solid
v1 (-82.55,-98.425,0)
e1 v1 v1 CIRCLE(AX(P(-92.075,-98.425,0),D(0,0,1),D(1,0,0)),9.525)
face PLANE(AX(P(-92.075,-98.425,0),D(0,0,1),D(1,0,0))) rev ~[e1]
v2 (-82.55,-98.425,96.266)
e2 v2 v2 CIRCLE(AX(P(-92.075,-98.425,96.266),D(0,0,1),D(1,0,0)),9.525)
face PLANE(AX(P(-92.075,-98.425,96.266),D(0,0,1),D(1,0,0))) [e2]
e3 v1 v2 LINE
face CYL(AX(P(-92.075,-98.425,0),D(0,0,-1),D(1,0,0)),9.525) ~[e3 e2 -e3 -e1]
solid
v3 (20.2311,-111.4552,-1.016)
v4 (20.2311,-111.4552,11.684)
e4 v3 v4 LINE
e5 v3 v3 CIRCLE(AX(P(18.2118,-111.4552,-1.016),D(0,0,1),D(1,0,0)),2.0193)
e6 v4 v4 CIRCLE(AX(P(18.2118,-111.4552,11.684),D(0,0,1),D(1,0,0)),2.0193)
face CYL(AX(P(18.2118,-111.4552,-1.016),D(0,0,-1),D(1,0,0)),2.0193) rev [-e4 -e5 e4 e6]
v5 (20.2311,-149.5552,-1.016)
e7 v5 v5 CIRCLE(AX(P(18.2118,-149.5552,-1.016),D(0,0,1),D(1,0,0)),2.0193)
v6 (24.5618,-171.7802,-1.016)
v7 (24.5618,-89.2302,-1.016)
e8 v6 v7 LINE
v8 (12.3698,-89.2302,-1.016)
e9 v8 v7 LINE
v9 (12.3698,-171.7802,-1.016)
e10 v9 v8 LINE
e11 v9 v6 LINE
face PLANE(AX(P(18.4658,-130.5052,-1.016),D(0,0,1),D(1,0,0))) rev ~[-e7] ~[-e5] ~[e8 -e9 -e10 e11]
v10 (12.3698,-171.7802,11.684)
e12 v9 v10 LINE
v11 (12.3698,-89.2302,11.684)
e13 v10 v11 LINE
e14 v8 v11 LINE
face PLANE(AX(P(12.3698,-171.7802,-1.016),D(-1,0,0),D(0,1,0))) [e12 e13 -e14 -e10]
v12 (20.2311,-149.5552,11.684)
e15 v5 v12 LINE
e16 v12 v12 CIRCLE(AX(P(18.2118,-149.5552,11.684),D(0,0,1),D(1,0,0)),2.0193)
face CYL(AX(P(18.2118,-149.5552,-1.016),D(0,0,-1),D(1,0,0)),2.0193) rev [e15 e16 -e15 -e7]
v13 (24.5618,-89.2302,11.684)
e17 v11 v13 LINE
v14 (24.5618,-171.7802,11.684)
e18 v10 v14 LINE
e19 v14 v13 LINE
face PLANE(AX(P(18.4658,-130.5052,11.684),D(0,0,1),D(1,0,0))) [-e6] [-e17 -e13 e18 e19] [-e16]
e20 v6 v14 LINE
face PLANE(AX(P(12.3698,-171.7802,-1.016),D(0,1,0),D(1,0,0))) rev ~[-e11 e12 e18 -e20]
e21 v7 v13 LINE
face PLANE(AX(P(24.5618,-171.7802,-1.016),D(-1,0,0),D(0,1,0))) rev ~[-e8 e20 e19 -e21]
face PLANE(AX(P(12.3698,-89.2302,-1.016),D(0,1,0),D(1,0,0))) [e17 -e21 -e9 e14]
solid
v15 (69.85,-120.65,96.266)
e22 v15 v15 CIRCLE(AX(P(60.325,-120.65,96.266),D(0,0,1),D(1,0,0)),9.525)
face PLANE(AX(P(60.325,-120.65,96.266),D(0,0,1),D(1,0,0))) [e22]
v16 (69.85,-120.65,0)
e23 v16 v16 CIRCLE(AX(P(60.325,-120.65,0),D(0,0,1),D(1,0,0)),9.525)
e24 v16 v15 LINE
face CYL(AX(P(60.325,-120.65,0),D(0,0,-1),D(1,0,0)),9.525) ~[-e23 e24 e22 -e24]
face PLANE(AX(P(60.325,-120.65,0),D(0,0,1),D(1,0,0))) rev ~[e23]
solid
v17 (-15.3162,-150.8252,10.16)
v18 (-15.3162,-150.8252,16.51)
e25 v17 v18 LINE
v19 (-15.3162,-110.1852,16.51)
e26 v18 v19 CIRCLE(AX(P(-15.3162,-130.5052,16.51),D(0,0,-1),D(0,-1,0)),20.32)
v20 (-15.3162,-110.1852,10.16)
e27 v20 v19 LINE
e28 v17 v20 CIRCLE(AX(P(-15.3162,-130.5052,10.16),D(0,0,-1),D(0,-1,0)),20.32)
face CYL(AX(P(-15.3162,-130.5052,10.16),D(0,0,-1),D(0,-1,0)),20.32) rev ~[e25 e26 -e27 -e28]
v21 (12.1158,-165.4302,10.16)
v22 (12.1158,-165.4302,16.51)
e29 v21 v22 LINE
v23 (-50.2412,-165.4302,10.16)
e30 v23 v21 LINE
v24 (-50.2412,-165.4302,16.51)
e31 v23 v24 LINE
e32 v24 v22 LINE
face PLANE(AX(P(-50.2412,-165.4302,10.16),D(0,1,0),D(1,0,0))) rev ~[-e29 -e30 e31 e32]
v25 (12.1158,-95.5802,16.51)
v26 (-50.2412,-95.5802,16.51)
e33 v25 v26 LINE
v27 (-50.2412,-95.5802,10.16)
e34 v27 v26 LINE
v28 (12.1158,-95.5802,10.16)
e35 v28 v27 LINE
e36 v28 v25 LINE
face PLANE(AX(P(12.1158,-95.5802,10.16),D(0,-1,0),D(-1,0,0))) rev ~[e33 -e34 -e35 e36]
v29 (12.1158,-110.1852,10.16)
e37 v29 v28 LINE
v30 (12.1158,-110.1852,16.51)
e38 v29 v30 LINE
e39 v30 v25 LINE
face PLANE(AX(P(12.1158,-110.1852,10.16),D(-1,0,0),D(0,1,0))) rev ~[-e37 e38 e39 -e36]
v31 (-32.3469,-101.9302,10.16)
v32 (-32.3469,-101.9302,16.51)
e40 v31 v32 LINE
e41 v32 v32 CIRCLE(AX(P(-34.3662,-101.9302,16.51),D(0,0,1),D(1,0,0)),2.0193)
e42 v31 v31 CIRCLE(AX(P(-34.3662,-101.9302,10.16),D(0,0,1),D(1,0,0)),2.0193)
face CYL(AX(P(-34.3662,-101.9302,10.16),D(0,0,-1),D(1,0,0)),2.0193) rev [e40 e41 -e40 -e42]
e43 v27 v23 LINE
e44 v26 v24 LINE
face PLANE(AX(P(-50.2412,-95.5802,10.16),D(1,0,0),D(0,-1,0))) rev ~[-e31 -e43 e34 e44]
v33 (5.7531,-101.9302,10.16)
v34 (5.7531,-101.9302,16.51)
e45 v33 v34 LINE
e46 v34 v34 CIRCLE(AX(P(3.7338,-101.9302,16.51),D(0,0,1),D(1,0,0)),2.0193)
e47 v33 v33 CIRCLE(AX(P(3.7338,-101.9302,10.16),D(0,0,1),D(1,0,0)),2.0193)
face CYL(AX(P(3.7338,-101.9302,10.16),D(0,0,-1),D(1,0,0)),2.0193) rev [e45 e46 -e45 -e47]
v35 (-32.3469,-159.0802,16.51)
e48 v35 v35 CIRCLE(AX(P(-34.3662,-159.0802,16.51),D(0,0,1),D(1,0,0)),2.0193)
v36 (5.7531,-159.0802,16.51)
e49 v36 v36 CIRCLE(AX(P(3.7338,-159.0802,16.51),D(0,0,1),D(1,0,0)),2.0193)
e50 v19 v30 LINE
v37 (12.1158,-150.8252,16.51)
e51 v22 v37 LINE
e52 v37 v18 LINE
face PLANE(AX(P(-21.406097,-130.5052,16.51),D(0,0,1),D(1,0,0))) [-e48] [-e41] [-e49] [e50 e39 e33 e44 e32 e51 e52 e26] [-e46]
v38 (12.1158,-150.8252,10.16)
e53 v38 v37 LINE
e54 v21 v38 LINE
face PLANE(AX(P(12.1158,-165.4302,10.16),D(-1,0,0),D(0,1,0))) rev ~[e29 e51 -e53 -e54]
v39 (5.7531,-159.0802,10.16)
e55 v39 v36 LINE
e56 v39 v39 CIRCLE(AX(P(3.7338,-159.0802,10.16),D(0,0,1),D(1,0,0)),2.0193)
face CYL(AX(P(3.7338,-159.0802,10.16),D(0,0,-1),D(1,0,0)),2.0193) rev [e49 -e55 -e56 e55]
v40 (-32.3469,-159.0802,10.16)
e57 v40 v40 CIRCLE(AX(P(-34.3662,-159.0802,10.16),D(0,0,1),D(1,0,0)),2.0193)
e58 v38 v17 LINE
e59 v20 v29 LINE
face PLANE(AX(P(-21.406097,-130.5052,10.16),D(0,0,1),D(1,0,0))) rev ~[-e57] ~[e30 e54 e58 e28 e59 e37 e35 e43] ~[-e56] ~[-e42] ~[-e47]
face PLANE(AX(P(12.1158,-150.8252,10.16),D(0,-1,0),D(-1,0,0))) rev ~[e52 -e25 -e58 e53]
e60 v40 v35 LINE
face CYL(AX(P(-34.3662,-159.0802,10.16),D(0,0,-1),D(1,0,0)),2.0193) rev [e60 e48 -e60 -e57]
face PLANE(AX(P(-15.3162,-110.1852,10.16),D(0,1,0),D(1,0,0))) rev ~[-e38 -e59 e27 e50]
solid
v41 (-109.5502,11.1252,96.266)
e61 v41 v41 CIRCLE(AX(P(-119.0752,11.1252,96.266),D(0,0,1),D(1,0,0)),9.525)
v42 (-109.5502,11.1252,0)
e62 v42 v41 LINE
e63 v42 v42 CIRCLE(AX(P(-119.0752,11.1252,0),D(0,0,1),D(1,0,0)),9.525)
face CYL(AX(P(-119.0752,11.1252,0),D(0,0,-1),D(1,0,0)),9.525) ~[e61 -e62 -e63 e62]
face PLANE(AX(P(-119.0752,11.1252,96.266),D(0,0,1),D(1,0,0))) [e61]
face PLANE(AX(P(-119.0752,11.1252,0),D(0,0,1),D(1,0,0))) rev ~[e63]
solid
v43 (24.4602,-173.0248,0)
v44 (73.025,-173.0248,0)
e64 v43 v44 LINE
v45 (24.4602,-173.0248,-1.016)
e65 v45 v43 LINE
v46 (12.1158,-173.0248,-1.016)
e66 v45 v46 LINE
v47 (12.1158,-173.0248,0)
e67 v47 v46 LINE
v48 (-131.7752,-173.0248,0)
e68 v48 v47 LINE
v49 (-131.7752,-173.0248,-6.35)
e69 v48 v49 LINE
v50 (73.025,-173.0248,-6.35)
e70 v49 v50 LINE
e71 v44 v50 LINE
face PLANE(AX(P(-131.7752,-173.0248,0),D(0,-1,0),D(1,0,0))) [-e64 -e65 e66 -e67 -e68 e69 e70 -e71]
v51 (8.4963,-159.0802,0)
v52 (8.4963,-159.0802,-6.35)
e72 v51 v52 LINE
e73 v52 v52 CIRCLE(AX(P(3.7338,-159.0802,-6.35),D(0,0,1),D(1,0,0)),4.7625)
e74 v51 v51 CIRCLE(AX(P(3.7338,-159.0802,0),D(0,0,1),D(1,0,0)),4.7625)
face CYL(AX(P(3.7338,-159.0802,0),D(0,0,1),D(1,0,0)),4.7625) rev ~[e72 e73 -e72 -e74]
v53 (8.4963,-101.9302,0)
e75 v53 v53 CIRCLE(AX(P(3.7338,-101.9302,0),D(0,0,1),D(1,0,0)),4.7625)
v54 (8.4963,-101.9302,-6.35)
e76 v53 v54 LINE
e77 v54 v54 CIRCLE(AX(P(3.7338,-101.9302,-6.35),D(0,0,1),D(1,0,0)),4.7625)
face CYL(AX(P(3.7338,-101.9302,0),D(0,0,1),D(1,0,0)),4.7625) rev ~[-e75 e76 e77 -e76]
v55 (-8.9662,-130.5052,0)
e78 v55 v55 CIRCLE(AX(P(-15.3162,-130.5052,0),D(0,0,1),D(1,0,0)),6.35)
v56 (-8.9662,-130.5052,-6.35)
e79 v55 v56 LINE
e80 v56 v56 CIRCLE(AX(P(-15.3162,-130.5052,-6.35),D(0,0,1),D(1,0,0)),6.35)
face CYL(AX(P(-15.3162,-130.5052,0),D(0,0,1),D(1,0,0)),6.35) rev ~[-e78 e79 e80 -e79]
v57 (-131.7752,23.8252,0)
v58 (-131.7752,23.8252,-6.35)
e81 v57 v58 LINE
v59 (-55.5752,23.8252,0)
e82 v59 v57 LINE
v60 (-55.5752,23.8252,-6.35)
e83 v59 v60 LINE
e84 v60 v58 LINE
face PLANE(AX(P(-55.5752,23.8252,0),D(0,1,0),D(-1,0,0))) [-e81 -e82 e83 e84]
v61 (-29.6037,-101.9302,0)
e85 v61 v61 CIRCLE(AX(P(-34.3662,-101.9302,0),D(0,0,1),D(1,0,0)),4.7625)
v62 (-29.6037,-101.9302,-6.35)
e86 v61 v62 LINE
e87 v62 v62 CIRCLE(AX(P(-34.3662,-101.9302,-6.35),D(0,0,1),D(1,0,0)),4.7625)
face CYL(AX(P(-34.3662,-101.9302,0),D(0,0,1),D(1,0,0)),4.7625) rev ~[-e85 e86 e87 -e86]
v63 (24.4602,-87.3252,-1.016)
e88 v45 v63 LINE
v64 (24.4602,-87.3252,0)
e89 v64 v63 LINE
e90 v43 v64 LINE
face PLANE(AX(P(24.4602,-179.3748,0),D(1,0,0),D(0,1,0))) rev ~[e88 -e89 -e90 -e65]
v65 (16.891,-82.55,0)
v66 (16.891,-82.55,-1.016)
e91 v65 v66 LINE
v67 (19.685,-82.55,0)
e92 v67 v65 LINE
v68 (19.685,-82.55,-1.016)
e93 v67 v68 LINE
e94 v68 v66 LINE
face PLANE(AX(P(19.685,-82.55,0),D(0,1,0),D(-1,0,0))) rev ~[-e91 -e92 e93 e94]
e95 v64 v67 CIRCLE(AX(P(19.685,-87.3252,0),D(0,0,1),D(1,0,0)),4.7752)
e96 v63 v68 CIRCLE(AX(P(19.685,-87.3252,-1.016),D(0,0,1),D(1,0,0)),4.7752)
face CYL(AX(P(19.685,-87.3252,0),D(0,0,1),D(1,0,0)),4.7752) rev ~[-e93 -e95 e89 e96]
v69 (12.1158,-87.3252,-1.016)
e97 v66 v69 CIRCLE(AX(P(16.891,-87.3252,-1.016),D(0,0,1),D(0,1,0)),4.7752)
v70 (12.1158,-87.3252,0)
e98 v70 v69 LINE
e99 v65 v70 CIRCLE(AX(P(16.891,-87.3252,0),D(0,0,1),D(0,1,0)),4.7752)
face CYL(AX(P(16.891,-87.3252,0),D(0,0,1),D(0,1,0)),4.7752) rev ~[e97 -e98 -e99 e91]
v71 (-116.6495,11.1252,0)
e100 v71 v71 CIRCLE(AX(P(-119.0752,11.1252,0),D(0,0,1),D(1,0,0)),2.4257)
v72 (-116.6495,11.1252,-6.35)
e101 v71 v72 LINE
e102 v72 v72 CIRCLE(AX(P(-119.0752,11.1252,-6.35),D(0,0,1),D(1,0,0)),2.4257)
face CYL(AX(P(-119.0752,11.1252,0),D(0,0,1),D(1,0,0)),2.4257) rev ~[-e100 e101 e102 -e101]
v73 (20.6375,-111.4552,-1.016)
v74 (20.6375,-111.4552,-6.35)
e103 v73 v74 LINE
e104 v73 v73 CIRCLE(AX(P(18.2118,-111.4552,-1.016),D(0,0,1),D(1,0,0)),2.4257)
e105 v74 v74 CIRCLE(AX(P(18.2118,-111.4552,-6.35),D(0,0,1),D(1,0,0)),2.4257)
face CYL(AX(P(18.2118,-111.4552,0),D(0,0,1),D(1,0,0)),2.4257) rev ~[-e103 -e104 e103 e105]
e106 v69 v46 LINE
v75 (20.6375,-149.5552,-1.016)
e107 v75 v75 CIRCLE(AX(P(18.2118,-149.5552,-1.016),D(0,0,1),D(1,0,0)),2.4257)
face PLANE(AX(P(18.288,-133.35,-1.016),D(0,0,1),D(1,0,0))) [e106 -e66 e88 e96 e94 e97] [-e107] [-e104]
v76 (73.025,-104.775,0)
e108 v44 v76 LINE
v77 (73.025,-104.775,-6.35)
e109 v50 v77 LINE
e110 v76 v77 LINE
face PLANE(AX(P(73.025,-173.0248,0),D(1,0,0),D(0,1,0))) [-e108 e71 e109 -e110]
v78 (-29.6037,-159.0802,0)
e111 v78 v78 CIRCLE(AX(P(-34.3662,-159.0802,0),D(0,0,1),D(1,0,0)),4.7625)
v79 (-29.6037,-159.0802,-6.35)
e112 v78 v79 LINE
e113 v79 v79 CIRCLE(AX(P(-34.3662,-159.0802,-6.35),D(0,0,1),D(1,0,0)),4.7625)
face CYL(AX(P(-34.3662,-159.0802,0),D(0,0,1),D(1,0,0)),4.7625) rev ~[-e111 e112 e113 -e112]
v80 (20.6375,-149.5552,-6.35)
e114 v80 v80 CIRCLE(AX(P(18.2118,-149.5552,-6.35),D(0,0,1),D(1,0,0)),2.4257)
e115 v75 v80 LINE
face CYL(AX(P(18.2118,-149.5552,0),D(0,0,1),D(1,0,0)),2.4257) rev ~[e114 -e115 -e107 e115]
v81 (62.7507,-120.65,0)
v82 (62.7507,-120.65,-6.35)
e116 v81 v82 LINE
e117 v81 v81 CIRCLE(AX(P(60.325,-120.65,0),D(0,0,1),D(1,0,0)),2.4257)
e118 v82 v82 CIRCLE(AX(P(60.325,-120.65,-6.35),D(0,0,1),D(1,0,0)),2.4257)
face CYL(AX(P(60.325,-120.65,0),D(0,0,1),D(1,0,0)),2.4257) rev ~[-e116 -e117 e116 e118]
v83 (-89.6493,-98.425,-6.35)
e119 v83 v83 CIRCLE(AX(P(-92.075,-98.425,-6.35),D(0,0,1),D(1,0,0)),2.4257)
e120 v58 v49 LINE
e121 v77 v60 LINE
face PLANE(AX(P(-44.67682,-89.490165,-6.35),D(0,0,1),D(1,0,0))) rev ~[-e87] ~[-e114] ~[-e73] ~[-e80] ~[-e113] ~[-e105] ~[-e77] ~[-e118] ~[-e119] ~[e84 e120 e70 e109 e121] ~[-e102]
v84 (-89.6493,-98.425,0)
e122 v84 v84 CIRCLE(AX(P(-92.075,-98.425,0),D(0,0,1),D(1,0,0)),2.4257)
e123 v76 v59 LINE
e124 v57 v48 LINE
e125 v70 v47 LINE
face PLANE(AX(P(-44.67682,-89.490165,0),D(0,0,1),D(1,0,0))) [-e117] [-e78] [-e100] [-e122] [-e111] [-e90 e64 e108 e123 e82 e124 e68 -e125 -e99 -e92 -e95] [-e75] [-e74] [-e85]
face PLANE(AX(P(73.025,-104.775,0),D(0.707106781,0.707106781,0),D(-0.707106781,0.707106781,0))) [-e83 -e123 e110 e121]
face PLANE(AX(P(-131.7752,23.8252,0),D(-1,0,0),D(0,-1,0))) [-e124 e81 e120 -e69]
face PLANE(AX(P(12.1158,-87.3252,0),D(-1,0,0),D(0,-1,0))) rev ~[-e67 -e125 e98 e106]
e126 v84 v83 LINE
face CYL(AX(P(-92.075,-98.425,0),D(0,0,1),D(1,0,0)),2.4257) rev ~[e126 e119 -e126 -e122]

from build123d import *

# Parameters (mm, degrees)
SKETCH1_R             = 2.4257
BOSS_EXTRUDE1_DEPTH   = 6.35
SKETCH4_R             = 6.35
SKETCH4_R_2           = 4.7625
SKETCH4_R_3           = 2.4257
CUT_EXTRUDE1_DEPTH    = 12.7
CUT_EXTRUDE2_DEPTH    = 1.016
SKETCH2_R             = 9.525
BOSS_EXTRUDE2_DEPTH   = 96.266
BOSS_EXTRUDE2_2_DEPTH = 96.266
BOSS_EXTRUDE2_3_DEPTH = 96.266
SKETCH3_W             = 12.192
SKETCH3_H             = 82.55
SKETCH3_R             = 2.0193
BOSS_EXTRUDE3_DEPTH   = 12.7
SKETCH5_R             = 2.0193
BOSS_EXTRUDE4_DEPTH   = 6.35


with BuildPart() as part:
    # Sketch1 → Boss-Extrude1 (new body)
    with BuildSketch(Plane.XY):
        Polygon((-131.7752, 23.8252), (-131.7752, -173.0248), (73.025, -173.0248), (73.025, -104.775), (-55.5752, 23.8252), align=None)
        with Locations((-92.075, -98.425)):
            Circle(SKETCH1_R, mode=Mode.SUBTRACT)
        with Locations((-119.0752, 11.1252)):
            Circle(SKETCH1_R, mode=Mode.SUBTRACT)
        with Locations((60.325, -120.65)):
            Circle(SKETCH1_R, mode=Mode.SUBTRACT)
    extrude(amount=-BOSS_EXTRUDE1_DEPTH)

    # Sketch4 → Cut-Extrude1 (cut)
    with BuildSketch(Plane.XY):
        with Locations((-15.3162, -130.5052)):
            Circle(SKETCH4_R)
        with Locations((3.7338, -101.9302)):
            Circle(SKETCH4_R_2)
        with Locations((-34.3662, -101.9302)):
            Circle(SKETCH4_R_2)
        with Locations((-34.3662, -159.0802)):
            Circle(SKETCH4_R_2)
        with Locations((3.7338, -159.0802)):
            Circle(SKETCH4_R_2)
        with Locations((18.2118, -111.4552)):
            Circle(SKETCH4_R_3)
        with Locations((18.2118, -149.5552)):
            Circle(SKETCH4_R_3)
    extrude(amount=-CUT_EXTRUDE1_DEPTH, mode=Mode.SUBTRACT)

    # Sketch6 → Cut-Extrude2 (cut)
    with BuildSketch(Plane.XY):
        with BuildLine():
            Line((12.1158, -87.3252), (12.1158, -179.3748))
            ThreePointArc((12.1158, -179.3748), (13.514423698, -182.751376302), (16.891, -184.15))
            Line((16.891, -184.15), (19.685, -184.15))
            ThreePointArc((19.685, -184.15), (23.061576302, -182.751376302), (24.4602, -179.3748))
            Line((24.4602, -179.3748), (24.4602, -87.3252))
            ThreePointArc((24.4602, -87.3252), (23.061576302, -83.948623698), (19.685, -82.55))
            Line((19.685, -82.55), (16.891, -82.55))
            ThreePointArc((16.891, -82.55), (13.514423698, -83.948623698), (12.1158, -87.3252))
        make_face()
    extrude(amount=-CUT_EXTRUDE2_DEPTH, mode=Mode.SUBTRACT)


with BuildPart() as body_2:
    # Sketch2 → Boss-Extrude2 (new body)
    with BuildSketch(Plane.XY):
        with Locations((-119.0752, 11.1252)):
            Circle(SKETCH2_R)
    extrude(amount=BOSS_EXTRUDE2_DEPTH)


with BuildPart() as body_3:
    # Sketch2 → Boss-Extrude2 2 (new body)
    with BuildSketch(Plane.XY):
        with Locations((-92.075, -98.425)):
            Circle(SKETCH2_R)
    extrude(amount=BOSS_EXTRUDE2_2_DEPTH)


with BuildPart() as body_4:
    # Sketch2 → Boss-Extrude2 3 (new body)
    with BuildSketch(Plane.XY):
        with Locations((60.325, -120.65)):
            Circle(SKETCH2_R)
    extrude(amount=BOSS_EXTRUDE2_3_DEPTH)


with BuildPart() as body_5:
    # Sketch3 → Boss-Extrude3 (new body)
    with BuildSketch(Plane.XY.offset(-1.016)):
        with Locations((18.4658, -130.5052)):
            Rectangle(SKETCH3_W, SKETCH3_H)
        with Locations((18.2118, -111.4552)):
            Circle(SKETCH3_R, mode=Mode.SUBTRACT)
        with Locations((18.2118, -149.5552)):
            Circle(SKETCH3_R, mode=Mode.SUBTRACT)
    extrude(amount=BOSS_EXTRUDE3_DEPTH)


with BuildPart() as body_6:
    # Sketch5 → Boss-Extrude4 (new body)
    with BuildSketch(Plane.XY.offset(10.16)):
        with BuildLine():
            Line((12.1158, -95.5802), (-50.2412, -95.5802))
            Line((-50.2412, -95.5802), (-50.2412, -165.4302))
            Line((-50.2412, -165.4302), (12.1158, -165.4302))
            Line((12.1158, -165.4302), (12.1158, -150.8252))
            Line((12.1158, -150.8252), (-15.3162, -150.8252))
            ThreePointArc((-15.3162, -150.8252), (-35.6362, -130.5052), (-15.3162, -110.1852))
            Line((-15.3162, -110.1852), (12.1158, -110.1852))
            Line((12.1158, -110.1852), (12.1158, -95.5802))
        make_face()
        with Locations((3.7338, -101.9302)):
            Circle(SKETCH5_R, mode=Mode.SUBTRACT)
        with Locations((-34.3662, -101.9302)):
            Circle(SKETCH5_R, mode=Mode.SUBTRACT)
        with Locations((-34.3662, -159.0802)):
            Circle(SKETCH5_R, mode=Mode.SUBTRACT)
        with Locations((3.7338, -159.0802)):
            Circle(SKETCH5_R, mode=Mode.SUBTRACT)
    extrude(amount=BOSS_EXTRUDE4_DEPTH)


solid = Compound([part.part, body_2.part, body_3.part, body_4.part, body_5.part, body_6.part])
